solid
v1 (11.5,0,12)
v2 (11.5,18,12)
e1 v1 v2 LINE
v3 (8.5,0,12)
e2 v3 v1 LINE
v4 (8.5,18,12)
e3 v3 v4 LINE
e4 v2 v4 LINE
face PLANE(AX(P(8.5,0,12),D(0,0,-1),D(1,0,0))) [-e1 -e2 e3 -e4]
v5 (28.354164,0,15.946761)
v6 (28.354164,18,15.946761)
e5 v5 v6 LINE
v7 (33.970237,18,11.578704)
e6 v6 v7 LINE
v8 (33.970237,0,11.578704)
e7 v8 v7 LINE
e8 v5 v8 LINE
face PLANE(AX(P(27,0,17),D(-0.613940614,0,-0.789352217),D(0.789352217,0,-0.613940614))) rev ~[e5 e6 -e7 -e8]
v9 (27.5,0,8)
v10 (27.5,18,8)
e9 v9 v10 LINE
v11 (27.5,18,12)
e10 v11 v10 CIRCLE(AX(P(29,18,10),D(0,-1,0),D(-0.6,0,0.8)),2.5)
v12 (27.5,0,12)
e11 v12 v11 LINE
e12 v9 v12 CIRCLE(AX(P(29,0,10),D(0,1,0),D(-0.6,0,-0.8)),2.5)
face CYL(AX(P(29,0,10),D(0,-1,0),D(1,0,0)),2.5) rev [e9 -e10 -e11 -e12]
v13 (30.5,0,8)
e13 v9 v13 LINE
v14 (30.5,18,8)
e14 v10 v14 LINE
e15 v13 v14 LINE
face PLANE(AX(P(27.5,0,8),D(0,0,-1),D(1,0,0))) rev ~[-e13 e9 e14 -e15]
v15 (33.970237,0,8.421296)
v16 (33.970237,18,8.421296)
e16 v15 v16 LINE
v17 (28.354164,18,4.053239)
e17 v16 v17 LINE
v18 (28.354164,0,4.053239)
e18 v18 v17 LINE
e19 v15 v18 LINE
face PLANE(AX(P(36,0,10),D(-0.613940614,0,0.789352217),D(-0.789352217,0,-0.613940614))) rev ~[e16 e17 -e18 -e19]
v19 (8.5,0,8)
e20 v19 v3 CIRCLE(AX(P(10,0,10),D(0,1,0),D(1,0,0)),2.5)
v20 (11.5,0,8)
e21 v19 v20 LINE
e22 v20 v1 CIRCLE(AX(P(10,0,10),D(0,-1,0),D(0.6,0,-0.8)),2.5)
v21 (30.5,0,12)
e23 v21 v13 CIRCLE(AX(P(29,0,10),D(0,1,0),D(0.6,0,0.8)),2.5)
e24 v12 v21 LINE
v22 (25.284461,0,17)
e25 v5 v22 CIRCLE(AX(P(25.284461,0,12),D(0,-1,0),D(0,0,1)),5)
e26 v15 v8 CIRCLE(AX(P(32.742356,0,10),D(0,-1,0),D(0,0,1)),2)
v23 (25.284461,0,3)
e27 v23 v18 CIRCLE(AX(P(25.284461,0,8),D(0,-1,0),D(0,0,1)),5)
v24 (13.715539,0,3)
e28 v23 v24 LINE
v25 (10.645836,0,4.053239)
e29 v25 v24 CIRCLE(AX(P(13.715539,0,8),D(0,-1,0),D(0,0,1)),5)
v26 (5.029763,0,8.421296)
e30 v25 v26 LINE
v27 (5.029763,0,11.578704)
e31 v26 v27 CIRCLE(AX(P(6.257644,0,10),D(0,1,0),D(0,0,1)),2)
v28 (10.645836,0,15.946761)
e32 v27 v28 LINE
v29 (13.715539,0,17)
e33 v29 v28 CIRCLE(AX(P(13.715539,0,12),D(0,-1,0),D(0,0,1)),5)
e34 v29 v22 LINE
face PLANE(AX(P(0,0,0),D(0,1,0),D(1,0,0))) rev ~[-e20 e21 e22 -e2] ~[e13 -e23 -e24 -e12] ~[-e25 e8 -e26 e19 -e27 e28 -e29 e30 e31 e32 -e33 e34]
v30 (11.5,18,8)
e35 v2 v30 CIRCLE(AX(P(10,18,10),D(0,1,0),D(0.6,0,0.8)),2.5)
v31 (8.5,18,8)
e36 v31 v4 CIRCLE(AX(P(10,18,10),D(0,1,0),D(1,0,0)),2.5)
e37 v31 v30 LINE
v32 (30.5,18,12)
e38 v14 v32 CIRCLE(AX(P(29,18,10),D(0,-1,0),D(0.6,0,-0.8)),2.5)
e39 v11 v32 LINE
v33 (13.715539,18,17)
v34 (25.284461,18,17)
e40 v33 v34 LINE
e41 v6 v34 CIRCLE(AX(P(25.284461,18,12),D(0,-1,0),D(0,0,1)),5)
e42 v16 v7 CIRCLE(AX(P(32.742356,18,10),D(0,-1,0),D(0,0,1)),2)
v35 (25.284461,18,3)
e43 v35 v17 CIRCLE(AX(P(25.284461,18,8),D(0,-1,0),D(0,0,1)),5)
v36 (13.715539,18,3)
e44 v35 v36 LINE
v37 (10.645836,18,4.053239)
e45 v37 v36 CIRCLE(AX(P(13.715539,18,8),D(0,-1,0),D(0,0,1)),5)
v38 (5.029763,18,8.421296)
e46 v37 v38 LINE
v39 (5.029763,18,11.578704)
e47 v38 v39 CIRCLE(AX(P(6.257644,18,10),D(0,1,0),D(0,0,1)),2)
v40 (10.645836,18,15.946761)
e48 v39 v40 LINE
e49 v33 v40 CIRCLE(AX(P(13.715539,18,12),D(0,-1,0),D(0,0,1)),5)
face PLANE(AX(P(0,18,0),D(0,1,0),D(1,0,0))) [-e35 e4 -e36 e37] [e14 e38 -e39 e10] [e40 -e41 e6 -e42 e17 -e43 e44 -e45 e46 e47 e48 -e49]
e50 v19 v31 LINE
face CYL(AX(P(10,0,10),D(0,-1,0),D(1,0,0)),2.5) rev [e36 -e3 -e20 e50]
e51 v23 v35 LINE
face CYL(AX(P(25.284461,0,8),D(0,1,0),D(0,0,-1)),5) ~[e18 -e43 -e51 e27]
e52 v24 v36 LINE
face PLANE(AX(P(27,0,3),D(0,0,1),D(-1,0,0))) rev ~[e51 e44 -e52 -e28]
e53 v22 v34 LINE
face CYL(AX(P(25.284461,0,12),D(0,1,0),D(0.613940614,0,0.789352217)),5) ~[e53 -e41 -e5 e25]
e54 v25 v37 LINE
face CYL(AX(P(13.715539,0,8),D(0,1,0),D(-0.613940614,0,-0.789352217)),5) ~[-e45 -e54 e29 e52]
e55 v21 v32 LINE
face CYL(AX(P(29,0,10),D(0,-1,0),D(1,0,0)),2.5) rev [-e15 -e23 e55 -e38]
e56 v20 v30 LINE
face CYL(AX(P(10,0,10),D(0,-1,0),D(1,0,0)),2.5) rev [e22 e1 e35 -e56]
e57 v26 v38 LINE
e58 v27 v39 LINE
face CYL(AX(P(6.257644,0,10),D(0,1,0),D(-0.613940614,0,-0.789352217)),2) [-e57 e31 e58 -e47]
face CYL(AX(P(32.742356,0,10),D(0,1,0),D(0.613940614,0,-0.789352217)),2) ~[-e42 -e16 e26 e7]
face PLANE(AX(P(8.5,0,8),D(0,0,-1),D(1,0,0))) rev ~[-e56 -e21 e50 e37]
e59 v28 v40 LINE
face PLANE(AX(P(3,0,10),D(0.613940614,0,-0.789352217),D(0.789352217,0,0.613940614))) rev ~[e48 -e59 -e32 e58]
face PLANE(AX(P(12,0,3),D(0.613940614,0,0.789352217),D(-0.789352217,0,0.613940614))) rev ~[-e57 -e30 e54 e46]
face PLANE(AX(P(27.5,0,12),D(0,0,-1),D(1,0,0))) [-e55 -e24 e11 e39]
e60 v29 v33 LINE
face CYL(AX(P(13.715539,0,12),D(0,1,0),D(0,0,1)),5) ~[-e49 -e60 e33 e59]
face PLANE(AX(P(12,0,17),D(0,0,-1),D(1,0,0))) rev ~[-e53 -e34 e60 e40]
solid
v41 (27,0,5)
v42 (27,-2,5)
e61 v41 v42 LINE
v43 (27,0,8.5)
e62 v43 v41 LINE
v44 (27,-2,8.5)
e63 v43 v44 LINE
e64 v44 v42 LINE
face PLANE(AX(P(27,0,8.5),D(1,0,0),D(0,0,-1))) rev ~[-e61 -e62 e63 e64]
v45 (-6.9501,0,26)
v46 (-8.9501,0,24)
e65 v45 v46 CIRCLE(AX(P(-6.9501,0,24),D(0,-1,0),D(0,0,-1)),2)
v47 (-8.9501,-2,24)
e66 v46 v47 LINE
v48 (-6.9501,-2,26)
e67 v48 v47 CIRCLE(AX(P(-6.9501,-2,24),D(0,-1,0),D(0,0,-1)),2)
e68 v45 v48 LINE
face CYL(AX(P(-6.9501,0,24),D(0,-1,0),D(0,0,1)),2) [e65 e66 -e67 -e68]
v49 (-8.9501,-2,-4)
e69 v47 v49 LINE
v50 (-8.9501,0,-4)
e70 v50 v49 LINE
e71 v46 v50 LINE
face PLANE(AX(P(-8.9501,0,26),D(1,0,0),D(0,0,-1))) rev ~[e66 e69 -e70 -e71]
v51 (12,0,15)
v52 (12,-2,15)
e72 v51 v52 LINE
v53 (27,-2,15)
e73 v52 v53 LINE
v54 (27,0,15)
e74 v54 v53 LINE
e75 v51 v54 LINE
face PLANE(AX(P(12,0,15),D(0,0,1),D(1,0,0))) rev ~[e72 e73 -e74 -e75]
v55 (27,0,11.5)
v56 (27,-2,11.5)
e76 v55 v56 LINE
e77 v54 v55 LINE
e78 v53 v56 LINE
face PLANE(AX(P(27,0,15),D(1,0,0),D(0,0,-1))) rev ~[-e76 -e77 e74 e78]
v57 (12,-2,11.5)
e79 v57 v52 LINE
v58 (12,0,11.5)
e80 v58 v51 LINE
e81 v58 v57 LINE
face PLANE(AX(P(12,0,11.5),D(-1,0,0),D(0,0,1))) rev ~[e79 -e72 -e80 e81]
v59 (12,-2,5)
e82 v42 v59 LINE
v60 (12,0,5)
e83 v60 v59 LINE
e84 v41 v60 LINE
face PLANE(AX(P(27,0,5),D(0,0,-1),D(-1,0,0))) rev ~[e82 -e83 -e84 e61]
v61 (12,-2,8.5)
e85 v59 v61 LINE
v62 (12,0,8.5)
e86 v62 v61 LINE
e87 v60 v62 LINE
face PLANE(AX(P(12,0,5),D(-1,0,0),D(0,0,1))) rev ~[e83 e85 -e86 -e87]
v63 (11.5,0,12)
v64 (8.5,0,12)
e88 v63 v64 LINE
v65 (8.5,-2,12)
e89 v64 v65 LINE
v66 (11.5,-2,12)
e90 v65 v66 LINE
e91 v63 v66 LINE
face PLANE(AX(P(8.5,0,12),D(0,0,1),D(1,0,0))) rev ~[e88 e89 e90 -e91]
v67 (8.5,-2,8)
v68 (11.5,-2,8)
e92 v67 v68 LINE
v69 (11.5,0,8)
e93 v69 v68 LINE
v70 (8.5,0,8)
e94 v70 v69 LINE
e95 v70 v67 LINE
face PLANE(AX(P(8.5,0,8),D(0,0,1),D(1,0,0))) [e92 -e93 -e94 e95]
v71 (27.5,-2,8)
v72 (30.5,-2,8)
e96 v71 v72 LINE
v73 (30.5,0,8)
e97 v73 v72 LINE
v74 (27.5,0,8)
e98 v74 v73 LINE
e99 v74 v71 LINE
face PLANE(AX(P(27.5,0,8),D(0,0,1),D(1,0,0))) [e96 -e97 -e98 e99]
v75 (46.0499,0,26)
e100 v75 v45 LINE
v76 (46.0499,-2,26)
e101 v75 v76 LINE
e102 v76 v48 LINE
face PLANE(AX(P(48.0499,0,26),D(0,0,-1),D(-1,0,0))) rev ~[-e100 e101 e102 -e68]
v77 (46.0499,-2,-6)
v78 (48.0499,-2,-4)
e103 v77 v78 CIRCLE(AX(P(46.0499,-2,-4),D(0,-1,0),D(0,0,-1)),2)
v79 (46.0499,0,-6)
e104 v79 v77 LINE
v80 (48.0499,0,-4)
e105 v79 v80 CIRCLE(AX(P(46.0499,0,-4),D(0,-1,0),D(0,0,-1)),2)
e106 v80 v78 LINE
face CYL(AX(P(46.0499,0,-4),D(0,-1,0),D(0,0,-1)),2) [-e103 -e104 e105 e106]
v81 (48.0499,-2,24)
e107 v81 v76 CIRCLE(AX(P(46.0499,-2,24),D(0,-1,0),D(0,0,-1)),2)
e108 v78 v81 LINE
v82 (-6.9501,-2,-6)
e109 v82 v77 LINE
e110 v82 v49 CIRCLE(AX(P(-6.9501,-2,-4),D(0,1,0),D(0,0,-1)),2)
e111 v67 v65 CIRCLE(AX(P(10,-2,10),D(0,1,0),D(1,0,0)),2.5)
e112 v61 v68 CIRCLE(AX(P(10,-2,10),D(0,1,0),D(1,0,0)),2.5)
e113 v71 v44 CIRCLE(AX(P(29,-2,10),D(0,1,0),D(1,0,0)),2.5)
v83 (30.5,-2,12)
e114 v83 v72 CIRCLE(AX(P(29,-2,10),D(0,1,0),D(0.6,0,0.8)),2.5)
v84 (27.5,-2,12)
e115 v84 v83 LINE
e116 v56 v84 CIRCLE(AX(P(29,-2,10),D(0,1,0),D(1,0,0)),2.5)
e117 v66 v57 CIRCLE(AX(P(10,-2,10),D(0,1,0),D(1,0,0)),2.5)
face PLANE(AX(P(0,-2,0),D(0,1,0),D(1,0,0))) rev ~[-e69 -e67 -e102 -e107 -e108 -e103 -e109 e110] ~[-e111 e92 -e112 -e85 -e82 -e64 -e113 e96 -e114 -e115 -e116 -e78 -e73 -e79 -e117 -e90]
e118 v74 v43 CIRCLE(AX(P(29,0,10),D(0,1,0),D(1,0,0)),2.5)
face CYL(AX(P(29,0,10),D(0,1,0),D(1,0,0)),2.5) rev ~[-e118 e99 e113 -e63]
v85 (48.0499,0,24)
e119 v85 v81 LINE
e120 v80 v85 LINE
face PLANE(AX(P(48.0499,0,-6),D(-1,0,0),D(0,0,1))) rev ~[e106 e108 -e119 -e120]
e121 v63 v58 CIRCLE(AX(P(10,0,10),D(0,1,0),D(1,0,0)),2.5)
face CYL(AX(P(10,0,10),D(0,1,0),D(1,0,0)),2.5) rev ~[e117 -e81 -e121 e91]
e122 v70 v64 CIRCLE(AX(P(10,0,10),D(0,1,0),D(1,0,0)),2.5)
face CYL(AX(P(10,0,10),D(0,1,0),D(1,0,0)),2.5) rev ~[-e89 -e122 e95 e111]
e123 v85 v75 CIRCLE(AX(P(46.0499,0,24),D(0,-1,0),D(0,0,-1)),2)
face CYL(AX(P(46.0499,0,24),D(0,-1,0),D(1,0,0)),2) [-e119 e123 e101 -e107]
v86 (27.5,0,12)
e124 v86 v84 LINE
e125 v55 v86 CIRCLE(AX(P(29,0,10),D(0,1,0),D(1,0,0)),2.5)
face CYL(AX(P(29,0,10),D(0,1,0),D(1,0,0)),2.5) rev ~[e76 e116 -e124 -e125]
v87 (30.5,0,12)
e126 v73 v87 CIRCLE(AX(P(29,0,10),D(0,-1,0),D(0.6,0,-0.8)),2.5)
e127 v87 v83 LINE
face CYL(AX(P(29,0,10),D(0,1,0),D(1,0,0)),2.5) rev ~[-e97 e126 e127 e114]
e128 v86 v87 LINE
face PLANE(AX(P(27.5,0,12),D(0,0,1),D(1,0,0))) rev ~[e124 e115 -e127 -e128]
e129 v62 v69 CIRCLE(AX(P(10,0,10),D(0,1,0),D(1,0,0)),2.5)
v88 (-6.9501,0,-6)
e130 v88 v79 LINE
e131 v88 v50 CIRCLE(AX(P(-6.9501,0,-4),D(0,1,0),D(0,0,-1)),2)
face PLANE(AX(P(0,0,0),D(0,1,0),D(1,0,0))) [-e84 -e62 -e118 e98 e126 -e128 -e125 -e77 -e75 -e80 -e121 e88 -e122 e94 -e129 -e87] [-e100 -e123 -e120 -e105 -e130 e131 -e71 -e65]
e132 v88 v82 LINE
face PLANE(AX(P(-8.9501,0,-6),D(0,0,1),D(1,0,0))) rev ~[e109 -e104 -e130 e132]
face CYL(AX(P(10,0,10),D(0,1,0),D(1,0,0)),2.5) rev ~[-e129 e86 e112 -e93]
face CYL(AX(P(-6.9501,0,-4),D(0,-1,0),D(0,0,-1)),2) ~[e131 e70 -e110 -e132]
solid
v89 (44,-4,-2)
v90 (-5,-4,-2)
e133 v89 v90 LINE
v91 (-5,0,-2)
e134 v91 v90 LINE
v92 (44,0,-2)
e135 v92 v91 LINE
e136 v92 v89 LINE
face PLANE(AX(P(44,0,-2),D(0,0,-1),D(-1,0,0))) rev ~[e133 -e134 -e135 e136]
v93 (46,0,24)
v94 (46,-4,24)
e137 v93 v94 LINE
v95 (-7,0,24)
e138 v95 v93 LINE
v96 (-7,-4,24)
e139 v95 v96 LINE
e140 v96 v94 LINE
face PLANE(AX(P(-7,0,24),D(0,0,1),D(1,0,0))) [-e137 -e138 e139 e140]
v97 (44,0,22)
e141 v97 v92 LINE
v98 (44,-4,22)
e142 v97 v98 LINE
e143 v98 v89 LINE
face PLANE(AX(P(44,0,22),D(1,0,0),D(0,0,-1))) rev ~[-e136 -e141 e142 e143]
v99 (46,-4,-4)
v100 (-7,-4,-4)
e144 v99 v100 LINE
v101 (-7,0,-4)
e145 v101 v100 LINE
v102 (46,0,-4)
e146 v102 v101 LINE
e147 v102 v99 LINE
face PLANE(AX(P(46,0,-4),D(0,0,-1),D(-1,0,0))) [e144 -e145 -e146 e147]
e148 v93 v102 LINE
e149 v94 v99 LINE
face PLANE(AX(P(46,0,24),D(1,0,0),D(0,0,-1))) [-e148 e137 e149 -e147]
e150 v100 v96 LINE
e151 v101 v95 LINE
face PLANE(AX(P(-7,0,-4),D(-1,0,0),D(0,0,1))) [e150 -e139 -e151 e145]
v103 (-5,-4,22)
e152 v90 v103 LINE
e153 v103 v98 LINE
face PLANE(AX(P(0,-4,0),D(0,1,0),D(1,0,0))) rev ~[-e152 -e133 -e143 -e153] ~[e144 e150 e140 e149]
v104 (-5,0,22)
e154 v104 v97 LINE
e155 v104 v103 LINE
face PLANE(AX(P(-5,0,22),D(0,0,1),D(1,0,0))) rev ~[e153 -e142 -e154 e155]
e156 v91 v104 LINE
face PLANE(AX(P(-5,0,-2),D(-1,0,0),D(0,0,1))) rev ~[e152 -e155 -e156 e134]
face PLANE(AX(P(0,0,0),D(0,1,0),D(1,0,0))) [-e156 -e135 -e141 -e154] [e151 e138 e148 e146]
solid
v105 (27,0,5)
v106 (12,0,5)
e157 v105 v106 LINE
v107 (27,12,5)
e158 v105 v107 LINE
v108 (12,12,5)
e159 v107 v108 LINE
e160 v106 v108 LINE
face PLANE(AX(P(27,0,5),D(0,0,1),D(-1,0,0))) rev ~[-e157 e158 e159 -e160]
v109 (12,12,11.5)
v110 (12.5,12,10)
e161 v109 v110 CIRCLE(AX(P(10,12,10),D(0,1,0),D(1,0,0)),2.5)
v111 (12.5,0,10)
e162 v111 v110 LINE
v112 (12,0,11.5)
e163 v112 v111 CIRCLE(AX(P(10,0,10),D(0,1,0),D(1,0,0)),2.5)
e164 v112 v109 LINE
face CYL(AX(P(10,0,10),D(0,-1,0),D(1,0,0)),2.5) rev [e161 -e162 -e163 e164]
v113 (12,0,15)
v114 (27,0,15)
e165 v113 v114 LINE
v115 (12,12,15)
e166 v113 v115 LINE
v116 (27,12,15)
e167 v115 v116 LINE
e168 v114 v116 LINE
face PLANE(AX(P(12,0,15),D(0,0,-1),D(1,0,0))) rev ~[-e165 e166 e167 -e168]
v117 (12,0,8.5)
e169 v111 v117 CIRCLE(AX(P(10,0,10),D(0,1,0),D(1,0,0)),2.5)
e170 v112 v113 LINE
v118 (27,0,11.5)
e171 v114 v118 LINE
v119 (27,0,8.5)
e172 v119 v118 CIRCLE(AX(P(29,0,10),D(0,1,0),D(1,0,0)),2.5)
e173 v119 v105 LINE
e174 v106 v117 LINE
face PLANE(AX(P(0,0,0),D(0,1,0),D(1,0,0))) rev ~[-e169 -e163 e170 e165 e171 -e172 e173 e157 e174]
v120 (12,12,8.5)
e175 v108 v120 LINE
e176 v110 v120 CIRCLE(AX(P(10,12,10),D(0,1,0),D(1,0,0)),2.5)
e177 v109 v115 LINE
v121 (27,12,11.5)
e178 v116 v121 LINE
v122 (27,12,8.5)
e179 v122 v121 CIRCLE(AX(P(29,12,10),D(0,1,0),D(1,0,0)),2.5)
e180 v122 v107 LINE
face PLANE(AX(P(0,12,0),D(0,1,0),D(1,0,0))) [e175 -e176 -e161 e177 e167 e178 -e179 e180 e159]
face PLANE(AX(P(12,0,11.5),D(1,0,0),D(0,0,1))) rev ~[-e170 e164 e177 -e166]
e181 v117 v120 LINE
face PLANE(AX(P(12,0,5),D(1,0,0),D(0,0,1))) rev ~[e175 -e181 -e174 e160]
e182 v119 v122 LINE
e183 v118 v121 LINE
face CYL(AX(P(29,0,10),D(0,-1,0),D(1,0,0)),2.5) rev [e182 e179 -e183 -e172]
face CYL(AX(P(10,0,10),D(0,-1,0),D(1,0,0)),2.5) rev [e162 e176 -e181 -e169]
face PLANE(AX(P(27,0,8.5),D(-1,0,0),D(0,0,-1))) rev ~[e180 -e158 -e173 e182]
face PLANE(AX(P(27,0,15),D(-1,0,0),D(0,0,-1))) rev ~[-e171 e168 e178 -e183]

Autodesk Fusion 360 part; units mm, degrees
sketch "Esquisse1" plane through (0, 0, 0) normal (0, 1, 0) x (1, 0, 0)
  circle A0 centre (10, -10) radius 2.5
  line L0 (8.5, -12) -> (11.5, -12)
  line L1 (8.5, -8) -> (11.5, -8)
  circle A1 centre (29, -10) radius 2.5
  line L2 (27.5, -12) -> (30.5, -12)
  line L3 (27.5, -8) -> (30.5, -8)
  line L4 (-8.9501, 6) -> (48.0499, 6)
  line L5 (48.0499, 6) -> (48.0499, -26)
  line L6 (48.0499, -26) -> (-8.9501, -26)
  line L7 (-8.9501, -26) -> (-8.9501, 6)
  line L8 (-7, -24) -> (46, -24)
  line L9 (46, -24) -> (46, 4)
  line L10 (46, 4) -> (-7, 4)
  line L11 (-7, 4) -> (-7, -24)
  line L12 (-5, -22) -> (44, -22)
  line L13 (44, -22) -> (44, 2)
  line L14 (44, 2) -> (-5, 2)
  line L15 (-5, 2) -> (-5, -22)
  line L16 (10, -12) -> (8.5, -12)
  line L17 (3, -10) -> (12, -17)
  line L18 (12, -17) -> (27, -17)
  line L19 (27, -17) -> (36, -10)
  line L20 (36, -10) -> (27, -3)
  line L21 (27, -3) -> (12, -3)
  line L22 (12, -3) -> (3, -10)
  line L23 (12, -15) -> (27, -15)
  line L24 (27, -15) -> (27, -5)
  line L25 (27, -5) -> (12, -5)
  line L26 (12, -5) -> (12, -15)
extrude "Extrusion40" add sketch "Esquisse1" against normal blind 2 contours A0 L1 | A0 L0 L16 | A1 L3 | A1 L2 | L4 L5 L6 L7 | L8 L9 L10 L11 | L12 L13 L14 L15 | L17 L18 L19 L20 L21 L22 makes body 1
extrude "Extrusion41" add sketch "Esquisse1" against normal blind 4 separate body contours L8 L9 L10 L11 makes body 2
extrude "Extrusion42" add sketch "Esquisse1" along normal blind 18 separate body contours A0 L1 | A0 A1 L23 L24 L25 L26 | A0 L0 L16 | A1 L3 | A1 L2 | L17 L18 L19 L20 L21 L22 makes body 3
extrude "Extrusion43" add sketch "Esquisse1" along normal blind 12 separate body contours A0 A1 L23 L24 L25 L26 makes body 4
fillet "Congé11" radius 5 4 edges at (12, 9, 17) (27, 9, 17) (12, 9, 3) (27, 9, 3) on bodies 3
fillet "Congé12" radius 2 2 edges at (36, 9, 10) (3, 9, 10) on bodies 3
fillet "Congé13" radius 2 4 edges at (48.0499, -1, 26) (48.0499, -1, -6) (-8.9501, -1, -6) (-8.9501, -1, 26) on bodies 1
